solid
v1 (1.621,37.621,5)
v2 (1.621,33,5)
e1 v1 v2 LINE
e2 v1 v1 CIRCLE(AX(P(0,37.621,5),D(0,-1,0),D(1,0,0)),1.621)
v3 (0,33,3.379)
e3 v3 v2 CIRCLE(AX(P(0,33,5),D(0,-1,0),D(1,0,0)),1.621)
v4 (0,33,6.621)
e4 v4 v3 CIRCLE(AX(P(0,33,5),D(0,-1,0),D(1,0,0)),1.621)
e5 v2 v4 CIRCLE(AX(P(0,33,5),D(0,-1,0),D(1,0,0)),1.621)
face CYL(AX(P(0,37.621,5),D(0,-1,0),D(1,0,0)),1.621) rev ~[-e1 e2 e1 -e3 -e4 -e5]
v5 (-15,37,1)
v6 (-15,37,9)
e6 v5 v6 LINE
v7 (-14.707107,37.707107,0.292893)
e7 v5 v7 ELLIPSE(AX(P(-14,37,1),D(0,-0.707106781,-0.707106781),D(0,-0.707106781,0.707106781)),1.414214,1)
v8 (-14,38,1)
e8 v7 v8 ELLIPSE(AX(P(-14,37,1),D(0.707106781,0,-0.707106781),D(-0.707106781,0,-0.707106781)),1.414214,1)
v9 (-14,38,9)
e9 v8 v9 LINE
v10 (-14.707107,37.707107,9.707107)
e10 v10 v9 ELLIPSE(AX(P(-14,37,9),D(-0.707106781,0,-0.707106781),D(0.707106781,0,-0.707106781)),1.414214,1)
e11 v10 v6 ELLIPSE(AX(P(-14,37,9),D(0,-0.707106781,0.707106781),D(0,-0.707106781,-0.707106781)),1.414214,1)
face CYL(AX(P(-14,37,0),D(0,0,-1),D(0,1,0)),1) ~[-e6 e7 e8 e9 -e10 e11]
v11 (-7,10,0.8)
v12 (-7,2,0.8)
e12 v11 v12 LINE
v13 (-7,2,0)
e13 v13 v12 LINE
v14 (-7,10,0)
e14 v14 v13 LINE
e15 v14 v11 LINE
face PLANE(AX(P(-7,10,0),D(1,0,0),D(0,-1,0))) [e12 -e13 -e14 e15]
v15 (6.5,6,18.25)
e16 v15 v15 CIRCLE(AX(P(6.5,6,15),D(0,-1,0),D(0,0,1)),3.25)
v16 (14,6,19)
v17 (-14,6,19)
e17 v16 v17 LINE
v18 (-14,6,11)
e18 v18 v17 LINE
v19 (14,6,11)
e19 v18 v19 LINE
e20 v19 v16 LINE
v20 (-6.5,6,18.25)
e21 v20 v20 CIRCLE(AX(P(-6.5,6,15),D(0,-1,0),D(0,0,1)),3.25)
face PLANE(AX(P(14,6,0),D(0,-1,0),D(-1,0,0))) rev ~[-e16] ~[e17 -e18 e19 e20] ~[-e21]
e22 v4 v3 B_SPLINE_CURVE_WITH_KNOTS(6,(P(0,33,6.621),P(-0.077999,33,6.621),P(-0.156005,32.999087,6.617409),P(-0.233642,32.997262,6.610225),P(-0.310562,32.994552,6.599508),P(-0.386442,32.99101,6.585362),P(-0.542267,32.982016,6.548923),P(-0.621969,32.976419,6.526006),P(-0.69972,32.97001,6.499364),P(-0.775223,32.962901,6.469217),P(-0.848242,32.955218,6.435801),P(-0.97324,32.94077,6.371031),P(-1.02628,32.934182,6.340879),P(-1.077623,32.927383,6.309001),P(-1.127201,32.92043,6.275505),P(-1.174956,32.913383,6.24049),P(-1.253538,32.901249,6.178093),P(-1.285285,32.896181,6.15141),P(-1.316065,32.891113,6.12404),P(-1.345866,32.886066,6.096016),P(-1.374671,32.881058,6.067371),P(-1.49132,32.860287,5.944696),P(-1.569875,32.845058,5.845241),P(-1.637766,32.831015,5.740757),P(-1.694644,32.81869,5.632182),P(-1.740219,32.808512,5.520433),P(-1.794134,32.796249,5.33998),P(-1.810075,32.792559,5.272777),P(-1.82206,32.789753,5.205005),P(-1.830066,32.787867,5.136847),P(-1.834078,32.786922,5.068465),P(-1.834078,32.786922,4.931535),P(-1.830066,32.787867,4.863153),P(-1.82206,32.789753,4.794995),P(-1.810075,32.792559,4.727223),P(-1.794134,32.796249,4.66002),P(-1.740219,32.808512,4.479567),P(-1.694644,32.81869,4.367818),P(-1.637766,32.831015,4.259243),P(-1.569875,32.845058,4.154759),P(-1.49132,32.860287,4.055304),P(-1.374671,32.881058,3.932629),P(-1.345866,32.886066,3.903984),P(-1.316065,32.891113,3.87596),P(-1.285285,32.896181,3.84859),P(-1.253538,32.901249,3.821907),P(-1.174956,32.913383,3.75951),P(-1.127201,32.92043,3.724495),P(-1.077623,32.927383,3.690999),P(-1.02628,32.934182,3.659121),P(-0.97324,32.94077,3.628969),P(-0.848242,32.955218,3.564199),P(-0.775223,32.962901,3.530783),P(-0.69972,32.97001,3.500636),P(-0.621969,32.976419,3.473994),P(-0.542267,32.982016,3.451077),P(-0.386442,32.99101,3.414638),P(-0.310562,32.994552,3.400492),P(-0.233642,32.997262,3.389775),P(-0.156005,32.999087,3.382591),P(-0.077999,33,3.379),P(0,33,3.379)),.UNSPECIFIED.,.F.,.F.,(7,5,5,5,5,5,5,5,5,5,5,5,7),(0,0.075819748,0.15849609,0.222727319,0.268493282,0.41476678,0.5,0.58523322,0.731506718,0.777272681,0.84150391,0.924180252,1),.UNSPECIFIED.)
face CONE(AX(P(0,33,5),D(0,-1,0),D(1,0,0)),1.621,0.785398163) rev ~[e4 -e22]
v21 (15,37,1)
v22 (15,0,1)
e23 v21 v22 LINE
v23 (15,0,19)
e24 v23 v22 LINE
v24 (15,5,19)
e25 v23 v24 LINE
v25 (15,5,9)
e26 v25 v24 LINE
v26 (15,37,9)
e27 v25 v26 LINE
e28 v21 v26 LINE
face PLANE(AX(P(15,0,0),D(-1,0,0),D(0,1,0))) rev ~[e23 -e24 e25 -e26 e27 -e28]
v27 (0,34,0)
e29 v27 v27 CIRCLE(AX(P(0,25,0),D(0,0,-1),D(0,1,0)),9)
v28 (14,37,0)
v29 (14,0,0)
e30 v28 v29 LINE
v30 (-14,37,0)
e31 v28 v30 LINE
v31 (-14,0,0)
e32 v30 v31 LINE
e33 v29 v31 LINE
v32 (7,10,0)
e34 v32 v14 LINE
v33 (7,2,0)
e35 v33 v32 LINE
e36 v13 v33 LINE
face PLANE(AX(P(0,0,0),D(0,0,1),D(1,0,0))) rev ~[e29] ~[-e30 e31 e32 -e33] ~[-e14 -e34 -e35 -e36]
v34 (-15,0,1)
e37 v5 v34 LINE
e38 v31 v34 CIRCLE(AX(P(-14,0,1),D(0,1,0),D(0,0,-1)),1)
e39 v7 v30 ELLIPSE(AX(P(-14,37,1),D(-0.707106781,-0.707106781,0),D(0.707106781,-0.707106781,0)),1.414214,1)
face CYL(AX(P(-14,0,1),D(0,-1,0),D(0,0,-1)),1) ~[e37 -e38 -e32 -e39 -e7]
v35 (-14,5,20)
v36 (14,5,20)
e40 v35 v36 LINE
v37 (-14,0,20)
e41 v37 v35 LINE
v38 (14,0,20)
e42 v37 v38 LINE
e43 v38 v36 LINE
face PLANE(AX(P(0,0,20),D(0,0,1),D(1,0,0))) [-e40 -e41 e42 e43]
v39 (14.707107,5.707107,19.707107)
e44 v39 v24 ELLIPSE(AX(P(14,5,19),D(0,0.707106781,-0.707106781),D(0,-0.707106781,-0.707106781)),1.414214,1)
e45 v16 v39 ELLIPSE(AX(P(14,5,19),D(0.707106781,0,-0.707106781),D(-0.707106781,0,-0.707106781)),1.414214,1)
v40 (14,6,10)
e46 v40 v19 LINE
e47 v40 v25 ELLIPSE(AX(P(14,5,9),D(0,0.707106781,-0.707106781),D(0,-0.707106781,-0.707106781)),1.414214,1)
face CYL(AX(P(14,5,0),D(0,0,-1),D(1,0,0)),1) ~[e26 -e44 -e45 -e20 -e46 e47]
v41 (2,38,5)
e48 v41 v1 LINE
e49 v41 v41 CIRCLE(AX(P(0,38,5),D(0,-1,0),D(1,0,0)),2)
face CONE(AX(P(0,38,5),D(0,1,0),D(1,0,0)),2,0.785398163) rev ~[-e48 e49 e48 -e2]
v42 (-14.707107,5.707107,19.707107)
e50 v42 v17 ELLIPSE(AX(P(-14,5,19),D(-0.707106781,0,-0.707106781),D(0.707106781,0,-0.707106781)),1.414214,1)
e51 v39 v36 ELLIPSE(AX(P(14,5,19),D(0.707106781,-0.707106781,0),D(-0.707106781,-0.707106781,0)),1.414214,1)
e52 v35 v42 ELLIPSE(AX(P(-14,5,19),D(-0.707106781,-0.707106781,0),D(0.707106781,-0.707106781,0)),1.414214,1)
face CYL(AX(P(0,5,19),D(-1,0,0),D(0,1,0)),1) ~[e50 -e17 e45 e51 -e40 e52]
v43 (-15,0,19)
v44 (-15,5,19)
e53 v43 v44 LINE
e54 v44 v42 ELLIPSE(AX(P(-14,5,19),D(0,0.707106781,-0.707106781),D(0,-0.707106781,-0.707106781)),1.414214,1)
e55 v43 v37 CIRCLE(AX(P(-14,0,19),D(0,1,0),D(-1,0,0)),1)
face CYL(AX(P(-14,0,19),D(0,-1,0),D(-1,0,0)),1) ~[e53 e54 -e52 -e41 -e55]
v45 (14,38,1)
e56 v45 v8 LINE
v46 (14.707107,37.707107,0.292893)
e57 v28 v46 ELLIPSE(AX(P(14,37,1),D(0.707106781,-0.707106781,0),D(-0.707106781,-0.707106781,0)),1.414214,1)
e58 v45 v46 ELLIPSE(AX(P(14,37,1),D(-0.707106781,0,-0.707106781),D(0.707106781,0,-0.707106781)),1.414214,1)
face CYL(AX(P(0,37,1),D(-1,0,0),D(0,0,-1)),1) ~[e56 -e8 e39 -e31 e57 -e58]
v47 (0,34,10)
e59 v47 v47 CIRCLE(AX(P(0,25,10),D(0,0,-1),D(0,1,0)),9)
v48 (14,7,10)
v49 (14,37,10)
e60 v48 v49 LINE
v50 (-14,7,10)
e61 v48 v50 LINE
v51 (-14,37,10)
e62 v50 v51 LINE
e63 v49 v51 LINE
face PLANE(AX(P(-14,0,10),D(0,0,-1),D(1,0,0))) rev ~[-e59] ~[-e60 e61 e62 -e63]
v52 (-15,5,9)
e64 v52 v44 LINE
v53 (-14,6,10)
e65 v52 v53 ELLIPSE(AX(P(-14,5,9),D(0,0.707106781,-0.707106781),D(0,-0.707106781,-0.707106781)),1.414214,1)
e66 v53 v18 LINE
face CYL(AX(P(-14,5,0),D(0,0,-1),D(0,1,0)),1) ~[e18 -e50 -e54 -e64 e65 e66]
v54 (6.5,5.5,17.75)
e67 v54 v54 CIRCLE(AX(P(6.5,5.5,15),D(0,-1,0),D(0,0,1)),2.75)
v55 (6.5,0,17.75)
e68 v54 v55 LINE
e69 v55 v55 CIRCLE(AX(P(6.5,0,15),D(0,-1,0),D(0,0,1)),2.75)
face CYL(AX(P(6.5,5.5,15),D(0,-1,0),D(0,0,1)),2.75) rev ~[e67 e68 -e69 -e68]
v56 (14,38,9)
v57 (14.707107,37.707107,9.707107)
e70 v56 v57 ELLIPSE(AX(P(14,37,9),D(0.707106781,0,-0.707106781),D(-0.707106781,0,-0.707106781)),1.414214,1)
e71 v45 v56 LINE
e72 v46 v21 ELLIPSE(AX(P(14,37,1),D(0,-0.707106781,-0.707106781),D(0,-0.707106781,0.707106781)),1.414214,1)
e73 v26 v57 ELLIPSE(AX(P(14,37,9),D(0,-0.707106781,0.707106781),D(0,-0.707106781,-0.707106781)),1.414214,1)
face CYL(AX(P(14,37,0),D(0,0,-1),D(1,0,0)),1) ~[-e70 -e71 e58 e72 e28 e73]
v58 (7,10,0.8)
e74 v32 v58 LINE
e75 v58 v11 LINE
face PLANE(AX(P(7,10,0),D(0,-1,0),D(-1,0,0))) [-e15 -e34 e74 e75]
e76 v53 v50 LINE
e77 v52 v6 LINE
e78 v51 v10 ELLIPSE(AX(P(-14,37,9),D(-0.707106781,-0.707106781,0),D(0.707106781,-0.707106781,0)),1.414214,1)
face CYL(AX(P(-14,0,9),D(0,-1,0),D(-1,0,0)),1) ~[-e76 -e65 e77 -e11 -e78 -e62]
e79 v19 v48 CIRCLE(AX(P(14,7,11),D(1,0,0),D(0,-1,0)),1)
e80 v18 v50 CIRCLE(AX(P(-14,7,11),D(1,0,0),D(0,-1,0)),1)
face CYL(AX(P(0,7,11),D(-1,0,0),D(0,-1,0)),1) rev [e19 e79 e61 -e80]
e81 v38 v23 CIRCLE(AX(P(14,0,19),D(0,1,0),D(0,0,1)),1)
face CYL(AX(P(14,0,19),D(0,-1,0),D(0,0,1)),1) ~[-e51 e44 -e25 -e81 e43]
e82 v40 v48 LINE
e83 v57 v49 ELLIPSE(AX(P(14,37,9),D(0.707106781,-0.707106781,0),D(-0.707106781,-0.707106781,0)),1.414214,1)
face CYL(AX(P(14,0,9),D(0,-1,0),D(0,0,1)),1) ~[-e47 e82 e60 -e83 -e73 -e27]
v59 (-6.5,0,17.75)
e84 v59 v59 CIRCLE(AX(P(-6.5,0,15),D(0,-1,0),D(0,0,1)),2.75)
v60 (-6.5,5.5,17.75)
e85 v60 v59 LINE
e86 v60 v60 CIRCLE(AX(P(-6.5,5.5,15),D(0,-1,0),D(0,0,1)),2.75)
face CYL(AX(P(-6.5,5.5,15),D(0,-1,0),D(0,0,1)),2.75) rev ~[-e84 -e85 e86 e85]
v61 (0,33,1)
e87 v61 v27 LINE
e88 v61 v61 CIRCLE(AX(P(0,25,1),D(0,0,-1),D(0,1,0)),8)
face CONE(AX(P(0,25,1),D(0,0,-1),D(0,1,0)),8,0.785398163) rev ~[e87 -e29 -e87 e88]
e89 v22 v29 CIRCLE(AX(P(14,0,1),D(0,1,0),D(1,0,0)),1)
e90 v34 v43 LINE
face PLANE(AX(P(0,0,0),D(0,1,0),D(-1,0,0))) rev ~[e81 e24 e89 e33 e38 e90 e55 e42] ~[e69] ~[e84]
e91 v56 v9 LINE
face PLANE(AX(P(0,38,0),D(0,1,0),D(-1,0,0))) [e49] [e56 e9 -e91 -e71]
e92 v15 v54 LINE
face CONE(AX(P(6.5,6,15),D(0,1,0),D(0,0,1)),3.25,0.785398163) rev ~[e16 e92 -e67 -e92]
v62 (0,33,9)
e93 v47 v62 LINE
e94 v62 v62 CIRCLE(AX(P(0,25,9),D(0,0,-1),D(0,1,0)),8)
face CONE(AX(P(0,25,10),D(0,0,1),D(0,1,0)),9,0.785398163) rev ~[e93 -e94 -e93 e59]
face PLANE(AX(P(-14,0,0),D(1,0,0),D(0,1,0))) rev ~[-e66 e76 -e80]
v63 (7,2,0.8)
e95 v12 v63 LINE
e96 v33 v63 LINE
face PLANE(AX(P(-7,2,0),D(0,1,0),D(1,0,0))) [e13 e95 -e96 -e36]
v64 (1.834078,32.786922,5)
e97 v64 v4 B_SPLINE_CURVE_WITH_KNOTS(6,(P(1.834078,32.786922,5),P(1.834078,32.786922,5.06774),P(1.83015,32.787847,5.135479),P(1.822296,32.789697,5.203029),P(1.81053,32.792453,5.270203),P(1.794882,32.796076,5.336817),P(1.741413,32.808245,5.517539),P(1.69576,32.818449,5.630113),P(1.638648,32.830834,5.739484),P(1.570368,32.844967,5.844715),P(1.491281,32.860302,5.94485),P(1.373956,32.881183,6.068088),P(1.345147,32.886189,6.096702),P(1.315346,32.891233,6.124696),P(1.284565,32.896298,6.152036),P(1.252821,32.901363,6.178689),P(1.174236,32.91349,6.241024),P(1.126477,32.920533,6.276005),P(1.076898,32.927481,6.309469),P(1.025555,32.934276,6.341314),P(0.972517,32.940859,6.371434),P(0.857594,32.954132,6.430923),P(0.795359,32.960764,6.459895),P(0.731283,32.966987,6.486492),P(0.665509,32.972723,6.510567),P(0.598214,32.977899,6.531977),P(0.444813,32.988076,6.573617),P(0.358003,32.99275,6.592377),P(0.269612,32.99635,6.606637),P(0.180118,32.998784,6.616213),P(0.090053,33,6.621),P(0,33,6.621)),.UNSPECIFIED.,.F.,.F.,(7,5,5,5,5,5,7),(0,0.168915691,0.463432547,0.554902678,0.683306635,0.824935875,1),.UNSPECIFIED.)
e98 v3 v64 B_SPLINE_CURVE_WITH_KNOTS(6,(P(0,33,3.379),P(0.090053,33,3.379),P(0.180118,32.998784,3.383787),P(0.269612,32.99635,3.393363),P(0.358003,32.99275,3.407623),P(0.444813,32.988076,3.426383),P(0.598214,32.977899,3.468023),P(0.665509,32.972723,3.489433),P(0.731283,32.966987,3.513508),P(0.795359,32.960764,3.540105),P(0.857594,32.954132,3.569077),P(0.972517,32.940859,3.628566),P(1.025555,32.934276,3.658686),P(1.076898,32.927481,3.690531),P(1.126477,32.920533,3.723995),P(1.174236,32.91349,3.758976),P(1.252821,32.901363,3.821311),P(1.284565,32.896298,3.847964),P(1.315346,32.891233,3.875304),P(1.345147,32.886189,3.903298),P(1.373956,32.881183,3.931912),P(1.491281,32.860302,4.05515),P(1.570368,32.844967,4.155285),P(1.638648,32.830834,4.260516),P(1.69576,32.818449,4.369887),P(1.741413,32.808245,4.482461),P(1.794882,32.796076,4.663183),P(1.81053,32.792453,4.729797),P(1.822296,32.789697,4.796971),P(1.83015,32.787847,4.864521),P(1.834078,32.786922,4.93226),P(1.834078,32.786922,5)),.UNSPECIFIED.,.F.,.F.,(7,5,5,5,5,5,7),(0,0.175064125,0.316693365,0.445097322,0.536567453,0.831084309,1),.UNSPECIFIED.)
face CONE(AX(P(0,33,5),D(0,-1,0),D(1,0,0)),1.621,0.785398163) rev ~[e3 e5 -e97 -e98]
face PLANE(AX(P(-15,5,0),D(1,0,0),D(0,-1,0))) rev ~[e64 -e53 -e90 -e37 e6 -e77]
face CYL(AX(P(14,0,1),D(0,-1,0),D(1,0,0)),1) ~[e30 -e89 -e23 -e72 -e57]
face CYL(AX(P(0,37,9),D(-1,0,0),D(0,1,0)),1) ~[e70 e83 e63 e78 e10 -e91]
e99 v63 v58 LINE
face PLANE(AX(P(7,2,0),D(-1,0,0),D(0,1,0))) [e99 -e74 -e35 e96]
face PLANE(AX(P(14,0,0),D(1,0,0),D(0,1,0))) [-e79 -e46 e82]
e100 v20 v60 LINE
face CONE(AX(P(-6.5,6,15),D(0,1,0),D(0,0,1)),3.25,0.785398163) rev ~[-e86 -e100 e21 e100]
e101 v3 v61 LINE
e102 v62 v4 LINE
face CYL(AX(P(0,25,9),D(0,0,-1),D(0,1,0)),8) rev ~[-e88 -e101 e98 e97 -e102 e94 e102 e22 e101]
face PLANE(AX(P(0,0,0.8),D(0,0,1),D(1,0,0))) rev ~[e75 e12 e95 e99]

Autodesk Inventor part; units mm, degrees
sketch "Sketch_9" plane through (0, 0, 0) normal (0, 0, 1) x (1, 0, 0)
  line L0 (-15, 5) -> (-15, 0)
  line L1 (-15, 0) -> (15, 0)
  line L2 (15, 0) -> (15, 5)
  arc A0 (15, 5) -> (14, 6) centre (14, 5) ccw
  line L3 (14, 6) -> (-14, 6)
  arc A1 (-14, 6) -> (-15, 5) centre (-14, 5) ccw
sketch "Sketch_10" plane through (0, 0, 0) normal (0, 1, 0) x (-1, 0, 0)
  line L0 (15, 1) -> (15, 9)
  arc A0 (15, 9) -> (14, 10) centre (14, 9) ccw
  line L1 (14, 10) -> (-14, 10)
  arc A1 (-14, 10) -> (-15, 9) centre (-14, 9) ccw
  line L2 (-15, 9) -> (-15, 1)
  arc A2 (-15, 1) -> (-14, 0) centre (-14, 1) ccw
  line L3 (-14, 0) -> (14, 0)
  arc A3 (14, 0) -> (15, 1) centre (14, 1) ccw
extrude "Extrusion1" add sketch "Sketch_9" along normal blind 20
extrude "Extrusion2" add sketch "Sketch_10" along normal blind 38
sketch "Sketch_5" plane through (0, 0, 0) normal (0, 0, 1) x (1, 0, 0)
  arc A0 (-14, 38) -> (-15, 37) centre (-14, 37) ccw
  line L0 (-14, 38) -> (14, 38)
  arc A1 (15, 37) -> (14, 38) centre (14, 37) ccw
  line L1 (15, 37) -> (15, 76)
  line L2 (15, 76) -> (-15, 76)
  line L3 (-15, 76) -> (-15, 37)
extrude "Extrusion3" cut sketch "Sketch_5" along normal blind 10
sketch "Sketch_7" plane through (0, 0, 0) normal (1, 0, 0) x (0, 1, 0)
  line L0 (25, 0) -> (25, 10)
  line L1 (25, 10) -> (34, 10)
  line L2 (34, 10) -> (33, 9)
  line L3 (33, 9) -> (33, 1)
  line L4 (33, 1) -> (34, 0)
  line L5 (34, 0) -> (25, 0)
  line L6 (25, 0) -> (25, 10)
revolve "Revolution1" cut sketch "Sketch_7" angle 360 about axis through (0, 25, 0) along (0, 0, -1)
sketch "Sketch_1" plane through (0, 0, 5) normal (0, 0, 1) x (1, 0, 0)
  line L0 (0, 25) -> (0, 38)
  line L1 (0, 38) -> (2, 38)
  line L2 (2, 38) -> (1.621, 37.621)
  line L3 (1.621, 37.621) -> (1.621, 33)
  line L4 (1.621, 33) -> (2, 32.621)
  line L5 (2, 32.621) -> (2, 25)
  line L6 (2, 25) -> (0, 25)
  line L7 (0, 25) -> (0, 38)
revolve "Revolution2" cut sketch "Sketch_1" angle 360 about axis through (0, 25, 5) along (0, -1, 0)
thread "Thread1" size "M4x0.7" class "6H" standard "ISO Metric profile" full length
sketch "Sketch6" plane through (-14, 6, 20) normal (0, 1, 0) x (1, 0, 0)
  point P0 (7.5, 5)
hole "Hole1" at (-6.5, 6, 15) direction (0, -1, 0) diameter 5.5 depth 6 countersink diameter 6.5 countersink angle 90
sketch "Sketch7" plane through (-14, 6, 20) normal (0, 1, 0) x (1, 0, 0)
  point P0 (20.5, 5)
hole "Hole2" at (6.5, 6, 15) direction (0, -1, 0) diameter 5.5 depth 6 countersink diameter 6.5 countersink angle 90
sketch "Sketch_4" plane through (0, 0, 0) normal (0, 1, 0) x (-1, 0, 0)
  line L0 (30, -10) -> (30, 30)
  line L1 (30, 30) -> (-30, 30)
  line L2 (-30, 30) -> (-30, -10)
  line L3 (-30, -10) -> (30, -10)
  line L4 (15, 1) -> (15, 19)
  arc A0 (15, 19) -> (14, 20) centre (14, 19) ccw
  line L5 (14, 20) -> (-14, 20)
  arc A1 (-14, 20) -> (-15, 19) centre (-14, 19) ccw
  line L6 (-15, 19) -> (-15, 1)
  arc A2 (-15, 1) -> (-14, 0) centre (-14, 1) ccw
  line L7 (-14, 0) -> (14, 0)
  arc A3 (14, 0) -> (15, 1) centre (14, 1) ccw
extrude "Extrusion4" cut sketch "Sketch_4" along normal blind 38
sketch "Sketch_8" plane through (0, 0, 0) normal (0, 0, 1) x (1, 0, 0)
  line L0 (-7, 10) -> (-7, 2)
  line L1 (-7, 2) -> (7, 2)
  line L2 (7, 2) -> (7, 10)
  line L3 (7, 10) -> (-7, 10)
extrude "Extrusion5" cut sketch "Sketch_8" along normal blind 0.8
sketch "Sketch_6" plane through (0, 0, 0) normal (1, 0, 0) x (0, 1, 0)
  line L0 (57, 30) -> (-19, 30)
  line L1 (-19, 30) -> (-19, -10)
  line L2 (-19, -10) -> (57, -10)
  line L3 (57, -10) -> (57, 30)
  line L4 (5, 20) -> (0, 20)
  line L5 (0, 20) -> (0, 0)
  line L6 (0, 0) -> (37, 0)
  arc A0 (37, 0) -> (38, 1) centre (37, 1) ccw
  line L7 (38, 1) -> (38, 9)
  arc A1 (38, 9) -> (37, 10) centre (37, 9) ccw
  line L8 (37, 10) -> (6, 10)
  line L9 (6, 10) -> (6, 19)
  arc A2 (6, 19) -> (5, 20) centre (5, 19) ccw
extrude "Extrusion6" cut sketch "Sketch_6" along normal mid plane 30
sketch "Sketch_11" plane through (0, 0, 0) normal (1, 0, 0) x (0, 1, 0)
  line L0 (6, 11) -> (3, 11)
  line L1 (3, 11) -> (3, 5)
  line L2 (3, 5) -> (7, 5)
  line L3 (7, 5) -> (7, 10)
  arc A0 (6, 11) -> (7, 10) centre (7, 11) ccw
extrude "Extrusion7" add sketch "Sketch_11" along normal mid plane 28
ref_plane "b_s_XY" through (0, 38, 5) normal (0, 1, 0) x (1, 0, 0)
ref_plane "b_s_YZ" through (0, 38, 5) normal (1, 0, 0) x (0, 0, -1)
ref_plane "b_s_ZX" through (0, 38, 5) normal (0, 0, -1) x (0, 1, 0)
properties part number "SHKLMT16b"
